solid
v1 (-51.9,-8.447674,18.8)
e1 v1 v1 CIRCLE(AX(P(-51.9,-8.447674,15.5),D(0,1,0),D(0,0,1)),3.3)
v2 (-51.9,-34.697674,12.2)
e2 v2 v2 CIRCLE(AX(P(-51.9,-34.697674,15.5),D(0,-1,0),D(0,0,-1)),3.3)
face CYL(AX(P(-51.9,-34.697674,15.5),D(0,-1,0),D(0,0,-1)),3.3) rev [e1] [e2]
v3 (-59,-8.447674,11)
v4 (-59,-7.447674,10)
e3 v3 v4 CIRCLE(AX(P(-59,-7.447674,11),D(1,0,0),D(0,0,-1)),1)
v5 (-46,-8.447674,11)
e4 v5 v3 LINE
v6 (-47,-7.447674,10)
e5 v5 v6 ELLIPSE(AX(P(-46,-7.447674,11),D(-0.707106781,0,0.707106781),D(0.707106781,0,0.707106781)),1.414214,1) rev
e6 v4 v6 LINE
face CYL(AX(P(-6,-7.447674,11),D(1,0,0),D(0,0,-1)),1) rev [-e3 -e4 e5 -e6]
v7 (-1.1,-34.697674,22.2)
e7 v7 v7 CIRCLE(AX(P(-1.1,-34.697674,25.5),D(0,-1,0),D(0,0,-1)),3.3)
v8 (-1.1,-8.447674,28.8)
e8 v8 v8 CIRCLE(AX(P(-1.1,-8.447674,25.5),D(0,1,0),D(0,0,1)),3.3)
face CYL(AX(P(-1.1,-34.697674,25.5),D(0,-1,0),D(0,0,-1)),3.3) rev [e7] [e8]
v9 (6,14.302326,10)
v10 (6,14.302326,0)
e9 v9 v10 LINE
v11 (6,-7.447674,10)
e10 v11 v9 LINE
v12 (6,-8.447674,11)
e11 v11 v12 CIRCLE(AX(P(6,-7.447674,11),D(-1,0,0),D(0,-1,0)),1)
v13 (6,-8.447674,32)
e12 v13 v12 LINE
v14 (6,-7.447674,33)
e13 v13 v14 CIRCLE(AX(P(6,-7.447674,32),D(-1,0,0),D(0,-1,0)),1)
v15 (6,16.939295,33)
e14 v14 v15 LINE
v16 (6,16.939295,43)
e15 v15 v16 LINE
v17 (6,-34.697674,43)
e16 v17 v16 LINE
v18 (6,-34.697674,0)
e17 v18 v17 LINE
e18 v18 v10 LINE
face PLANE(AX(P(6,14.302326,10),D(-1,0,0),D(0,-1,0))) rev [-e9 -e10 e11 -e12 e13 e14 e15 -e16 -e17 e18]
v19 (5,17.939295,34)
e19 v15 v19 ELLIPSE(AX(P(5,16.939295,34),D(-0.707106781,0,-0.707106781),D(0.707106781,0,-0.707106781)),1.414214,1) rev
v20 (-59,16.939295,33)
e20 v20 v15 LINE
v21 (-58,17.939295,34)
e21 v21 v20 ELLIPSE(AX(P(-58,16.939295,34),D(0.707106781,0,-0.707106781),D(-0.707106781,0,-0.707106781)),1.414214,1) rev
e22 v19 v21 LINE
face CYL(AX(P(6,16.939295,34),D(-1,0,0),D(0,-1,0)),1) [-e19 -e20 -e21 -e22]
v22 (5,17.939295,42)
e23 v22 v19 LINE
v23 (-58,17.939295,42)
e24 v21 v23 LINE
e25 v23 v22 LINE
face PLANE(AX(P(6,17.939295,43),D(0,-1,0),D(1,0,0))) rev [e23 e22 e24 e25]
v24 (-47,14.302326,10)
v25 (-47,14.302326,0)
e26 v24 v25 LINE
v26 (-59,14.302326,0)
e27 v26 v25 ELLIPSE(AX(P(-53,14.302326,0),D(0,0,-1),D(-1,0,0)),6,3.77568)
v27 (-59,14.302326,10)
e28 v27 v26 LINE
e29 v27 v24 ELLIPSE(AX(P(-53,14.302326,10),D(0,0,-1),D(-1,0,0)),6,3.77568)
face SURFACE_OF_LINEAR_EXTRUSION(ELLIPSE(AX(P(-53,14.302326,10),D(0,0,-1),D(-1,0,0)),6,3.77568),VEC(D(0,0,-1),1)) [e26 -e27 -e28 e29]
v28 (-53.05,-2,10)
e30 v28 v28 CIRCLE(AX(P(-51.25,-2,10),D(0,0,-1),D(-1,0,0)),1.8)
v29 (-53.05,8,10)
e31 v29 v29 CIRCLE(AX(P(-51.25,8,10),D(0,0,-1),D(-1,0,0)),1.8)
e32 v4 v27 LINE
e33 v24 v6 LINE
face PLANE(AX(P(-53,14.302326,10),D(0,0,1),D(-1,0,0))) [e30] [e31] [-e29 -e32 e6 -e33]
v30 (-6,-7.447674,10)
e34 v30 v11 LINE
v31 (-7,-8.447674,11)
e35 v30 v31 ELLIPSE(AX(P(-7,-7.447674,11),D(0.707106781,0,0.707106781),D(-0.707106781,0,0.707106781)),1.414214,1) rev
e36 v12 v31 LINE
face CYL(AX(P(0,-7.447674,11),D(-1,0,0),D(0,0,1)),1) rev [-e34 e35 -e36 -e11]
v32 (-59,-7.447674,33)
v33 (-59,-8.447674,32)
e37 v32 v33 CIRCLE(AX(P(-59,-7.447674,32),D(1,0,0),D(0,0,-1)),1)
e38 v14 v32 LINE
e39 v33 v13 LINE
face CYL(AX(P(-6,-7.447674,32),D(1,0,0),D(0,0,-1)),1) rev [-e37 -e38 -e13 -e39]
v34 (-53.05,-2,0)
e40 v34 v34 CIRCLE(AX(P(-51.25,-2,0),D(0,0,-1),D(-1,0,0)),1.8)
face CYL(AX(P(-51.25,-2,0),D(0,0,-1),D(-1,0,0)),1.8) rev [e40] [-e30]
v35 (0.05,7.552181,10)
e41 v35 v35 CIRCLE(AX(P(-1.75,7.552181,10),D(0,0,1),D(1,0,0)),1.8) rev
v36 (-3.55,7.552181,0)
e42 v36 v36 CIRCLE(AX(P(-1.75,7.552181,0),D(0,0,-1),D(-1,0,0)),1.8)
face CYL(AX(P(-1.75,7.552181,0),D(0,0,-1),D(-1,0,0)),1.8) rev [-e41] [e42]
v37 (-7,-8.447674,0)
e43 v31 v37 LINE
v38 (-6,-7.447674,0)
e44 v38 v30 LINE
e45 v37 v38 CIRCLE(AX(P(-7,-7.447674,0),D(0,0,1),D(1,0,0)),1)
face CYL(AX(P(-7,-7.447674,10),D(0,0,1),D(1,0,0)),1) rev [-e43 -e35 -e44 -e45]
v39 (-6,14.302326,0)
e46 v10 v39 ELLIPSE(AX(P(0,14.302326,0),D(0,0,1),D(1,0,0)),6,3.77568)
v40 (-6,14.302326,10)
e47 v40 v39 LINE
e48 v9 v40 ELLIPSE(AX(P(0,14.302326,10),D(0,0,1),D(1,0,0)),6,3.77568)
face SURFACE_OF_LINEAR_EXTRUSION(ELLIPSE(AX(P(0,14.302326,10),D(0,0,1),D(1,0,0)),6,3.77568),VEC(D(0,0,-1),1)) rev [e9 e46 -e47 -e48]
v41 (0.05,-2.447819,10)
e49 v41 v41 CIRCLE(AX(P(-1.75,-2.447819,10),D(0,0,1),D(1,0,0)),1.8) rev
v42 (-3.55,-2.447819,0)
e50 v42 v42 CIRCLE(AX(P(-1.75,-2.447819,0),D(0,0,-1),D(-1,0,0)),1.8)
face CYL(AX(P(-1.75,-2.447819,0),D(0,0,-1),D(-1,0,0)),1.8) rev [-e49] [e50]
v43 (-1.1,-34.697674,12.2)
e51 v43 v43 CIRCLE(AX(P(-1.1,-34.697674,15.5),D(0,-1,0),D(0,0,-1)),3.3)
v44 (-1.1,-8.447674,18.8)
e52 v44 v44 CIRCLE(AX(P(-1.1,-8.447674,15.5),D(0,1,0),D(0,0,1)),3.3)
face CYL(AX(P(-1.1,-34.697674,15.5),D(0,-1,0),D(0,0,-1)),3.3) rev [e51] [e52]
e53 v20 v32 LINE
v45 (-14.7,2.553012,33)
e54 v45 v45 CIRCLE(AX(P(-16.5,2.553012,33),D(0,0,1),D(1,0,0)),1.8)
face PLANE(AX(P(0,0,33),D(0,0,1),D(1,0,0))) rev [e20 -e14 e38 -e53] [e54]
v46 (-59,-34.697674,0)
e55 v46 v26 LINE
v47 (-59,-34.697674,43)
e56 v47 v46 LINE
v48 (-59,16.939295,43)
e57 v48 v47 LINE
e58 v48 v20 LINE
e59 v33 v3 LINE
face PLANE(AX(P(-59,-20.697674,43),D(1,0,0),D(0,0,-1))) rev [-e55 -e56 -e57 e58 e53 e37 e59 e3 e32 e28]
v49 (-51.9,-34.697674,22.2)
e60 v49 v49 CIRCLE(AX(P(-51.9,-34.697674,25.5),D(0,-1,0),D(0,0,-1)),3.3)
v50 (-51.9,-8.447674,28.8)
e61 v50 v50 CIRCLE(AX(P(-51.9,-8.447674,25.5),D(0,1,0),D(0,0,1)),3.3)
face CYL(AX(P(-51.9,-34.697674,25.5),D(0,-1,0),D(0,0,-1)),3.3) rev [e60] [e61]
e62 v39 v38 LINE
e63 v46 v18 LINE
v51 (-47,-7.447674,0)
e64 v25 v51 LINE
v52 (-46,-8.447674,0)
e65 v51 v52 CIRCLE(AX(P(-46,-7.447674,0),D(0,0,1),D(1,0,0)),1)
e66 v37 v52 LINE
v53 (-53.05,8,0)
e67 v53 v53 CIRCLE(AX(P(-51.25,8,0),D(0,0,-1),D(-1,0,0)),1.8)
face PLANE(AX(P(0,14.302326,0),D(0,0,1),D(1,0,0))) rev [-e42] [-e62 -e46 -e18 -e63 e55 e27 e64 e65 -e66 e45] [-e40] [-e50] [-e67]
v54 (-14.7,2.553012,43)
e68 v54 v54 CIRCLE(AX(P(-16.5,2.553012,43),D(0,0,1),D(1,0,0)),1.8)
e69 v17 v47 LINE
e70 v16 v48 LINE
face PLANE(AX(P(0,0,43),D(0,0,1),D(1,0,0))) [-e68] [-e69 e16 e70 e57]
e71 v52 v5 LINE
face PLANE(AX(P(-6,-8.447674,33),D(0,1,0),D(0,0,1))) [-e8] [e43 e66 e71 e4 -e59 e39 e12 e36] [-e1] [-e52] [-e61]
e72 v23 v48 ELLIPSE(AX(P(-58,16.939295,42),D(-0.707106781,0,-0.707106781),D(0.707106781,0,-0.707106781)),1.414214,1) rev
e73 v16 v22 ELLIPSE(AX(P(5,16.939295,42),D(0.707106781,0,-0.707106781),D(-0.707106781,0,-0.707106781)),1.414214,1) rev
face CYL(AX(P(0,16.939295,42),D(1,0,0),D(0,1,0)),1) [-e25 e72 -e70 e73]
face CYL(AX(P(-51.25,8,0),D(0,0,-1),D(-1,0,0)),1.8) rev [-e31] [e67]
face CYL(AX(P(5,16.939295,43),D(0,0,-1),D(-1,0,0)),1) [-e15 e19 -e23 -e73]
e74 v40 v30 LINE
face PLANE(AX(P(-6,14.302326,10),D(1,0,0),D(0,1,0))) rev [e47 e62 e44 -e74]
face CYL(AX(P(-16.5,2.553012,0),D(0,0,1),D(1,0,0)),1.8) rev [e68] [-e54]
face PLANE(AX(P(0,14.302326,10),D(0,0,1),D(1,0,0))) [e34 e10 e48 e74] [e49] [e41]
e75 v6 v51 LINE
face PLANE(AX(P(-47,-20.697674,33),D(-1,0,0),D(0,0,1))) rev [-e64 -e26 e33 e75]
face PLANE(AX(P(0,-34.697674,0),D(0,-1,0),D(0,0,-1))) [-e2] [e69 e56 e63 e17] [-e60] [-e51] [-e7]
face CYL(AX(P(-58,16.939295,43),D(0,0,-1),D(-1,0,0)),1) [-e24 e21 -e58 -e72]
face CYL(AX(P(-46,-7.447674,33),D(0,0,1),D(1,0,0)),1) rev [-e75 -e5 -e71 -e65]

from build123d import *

# Parameters (mm, degrees)
BOSS_EXTRUDE1_DEPTH            = 10
SKETCH2_W                      = 12
SKETCH2_H                      = 12.25
BOSS_EXTRUDE2_DEPTH            = 23
SKETCH4_W                      = 65
SKETCH4_H                      = 38.636969104
BOSS_EXTRUDE3_DEPTH            = 10
F_3_6_3_6_DIAMETER_HOLE1_D     = 3.6
F_3_6_3_6_DIAMETER_HOLE1_DEPTH = 10
F_3_6_3_6_DIAMETER_HOLE1_TIP   = 1.081549114
SKETCH21_W                     = 41
SKETCH21_H                     = 12.25
BOSS_EXTRUDE4_DEPTH            = 33
SKETCH23_W                     = 65
SKETCH23_H                     = 43
BOSS_EXTRUDE6_DEPTH            = 14
FILLET1_R                      = 1
F_6_6_6_6_DIAMETER_HOLE1_D     = 6.6
SKETCH28_R                     = 1.8
CUT_EXTRUDE1_DEPTH             = 44.0000001


with BuildPart() as part:
    # Sketch1 → Boss-Extrude1 (new body)
    with BuildSketch(Plane.XY):
        with BuildLine():
            Line((-6, 14.302325581), (-6, -20.697674419))
            Line((-6, -20.697674419), (6, -20.697674419))
            Line((6, -20.697674419), (6, 14.302325581))
            add(Edge.make_bspline(
                [(6, 14.302325581), (6, 18.078005618), (0, 18.078005618), (-6, 18.078005618), (-6, 14.302325581)],
                knots=[0, 0, 0, 1.570796327, 1.570796327, 3.141592654, 3.141592654, 3.141592654], degree=2, weights=[1, 0.707106781, 1, 0.707106781, 1]))
        make_face()
    boss_extrude1 = extrude(amount=BOSS_EXTRUDE1_DEPTH)

    # Sketch2 → Boss-Extrude2 (add)
    with BuildSketch(Plane.XY.offset(10)):
        with Locations((0, -14.572674419)):
            Rectangle(SKETCH2_W, SKETCH2_H)
    boss_extrude2 = extrude(amount=BOSS_EXTRUDE2_DEPTH)

    # Sketch4 → Boss-Extrude3 (add)
    with BuildSketch(Plane.XY.offset(33)):
        with Locations((-26.5, -1.379189867)):
            Rectangle(SKETCH4_W, SKETCH4_H)
    extrude(amount=BOSS_EXTRUDE3_DEPTH)

    # Mirror2: Boss-Extrude2 across plane
    add(boss_extrude2.mirror(Plane.ZY.offset(26.5)))

    # Mirror3: Boss-Extrude1 across plane
    add(boss_extrude1.mirror(Plane.ZY.offset(26.5)))

    # Ø3.6 (3.6) Diameter Hole1
    with Locations(Plane(origin=(0, 0, 0), x_dir=(-1, 0, 0), z_dir=(0, 0, -1))):
        with Locations((1.75, 7.55218084), (1.75, -2.44781916), (51.25, 8), (51.25, -2)):
            Hole(F_3_6_3_6_DIAMETER_HOLE1_D / 2, depth=F_3_6_3_6_DIAMETER_HOLE1_DEPTH)
            with Locations((0, 0, -(F_3_6_3_6_DIAMETER_HOLE1_DEPTH + F_3_6_3_6_DIAMETER_HOLE1_TIP / 2))):  # 118° drill point
                Cone(0, F_3_6_3_6_DIAMETER_HOLE1_D / 2, F_3_6_3_6_DIAMETER_HOLE1_TIP, mode=Mode.SUBTRACT)

    # Sketch21 → Boss-Extrude4 (add)
    with BuildSketch(Plane(origin=(0, 0, 33), x_dir=(-1, 0, 0), z_dir=(0, 0, -1))):
        with Locations((26.5, -14.572674419)):
            Rectangle(SKETCH21_W, SKETCH21_H)
    extrude(amount=BOSS_EXTRUDE4_DEPTH)

    # Sketch23 → Boss-Extrude6 (add)
    with BuildSketch(Plane.XZ.offset(20.697674419)):
        with Locations((-26.5, 21.5)):
            Rectangle(SKETCH23_W, SKETCH23_H)
    extrude(amount=BOSS_EXTRUDE6_DEPTH)

    # Fillet1
    fillet1_edges = [part.edges().sort_by_distance(p)[0] for p in [
        (-26.5, -8.447674419, 33),
        (0, -8.447674419, 10),
        (-26.5, 17.939294685, 33),
        (6, 17.939294685, 38),
        (-59, 17.939294685, 38),
        (-26.5, 17.939294685, 43),
        (-53, -8.447674419, 10),
        (-47, -8.447674419, 5),
        (-6, -8.447674419, 5),
    ]]
    fillet(fillet1_edges, radius=FILLET1_R)

    # Ø6.6 (6.6) Diameter Hole1 (through all)
    with Locations(Plane(origin=(0, -34.697674419, 0), x_dir=(-1, 0, 0), z_dir=(0, -1, 0))):
        with Locations((1.1, -15.5), (1.1, -25.5), (51.9, -15.5), (51.9, -25.5)):
            Hole(F_6_6_6_6_DIAMETER_HOLE1_D / 2)

    # Sketch28 → Cut-Extrude1 (cut, through all)
    with BuildSketch(Plane.XY.offset(43)):
        with Locations((-16.5, 2.553012267)):
            Circle(SKETCH28_R)
    extrude(amount=-CUT_EXTRUDE1_DEPTH, mode=Mode.SUBTRACT)


solid = part.part
